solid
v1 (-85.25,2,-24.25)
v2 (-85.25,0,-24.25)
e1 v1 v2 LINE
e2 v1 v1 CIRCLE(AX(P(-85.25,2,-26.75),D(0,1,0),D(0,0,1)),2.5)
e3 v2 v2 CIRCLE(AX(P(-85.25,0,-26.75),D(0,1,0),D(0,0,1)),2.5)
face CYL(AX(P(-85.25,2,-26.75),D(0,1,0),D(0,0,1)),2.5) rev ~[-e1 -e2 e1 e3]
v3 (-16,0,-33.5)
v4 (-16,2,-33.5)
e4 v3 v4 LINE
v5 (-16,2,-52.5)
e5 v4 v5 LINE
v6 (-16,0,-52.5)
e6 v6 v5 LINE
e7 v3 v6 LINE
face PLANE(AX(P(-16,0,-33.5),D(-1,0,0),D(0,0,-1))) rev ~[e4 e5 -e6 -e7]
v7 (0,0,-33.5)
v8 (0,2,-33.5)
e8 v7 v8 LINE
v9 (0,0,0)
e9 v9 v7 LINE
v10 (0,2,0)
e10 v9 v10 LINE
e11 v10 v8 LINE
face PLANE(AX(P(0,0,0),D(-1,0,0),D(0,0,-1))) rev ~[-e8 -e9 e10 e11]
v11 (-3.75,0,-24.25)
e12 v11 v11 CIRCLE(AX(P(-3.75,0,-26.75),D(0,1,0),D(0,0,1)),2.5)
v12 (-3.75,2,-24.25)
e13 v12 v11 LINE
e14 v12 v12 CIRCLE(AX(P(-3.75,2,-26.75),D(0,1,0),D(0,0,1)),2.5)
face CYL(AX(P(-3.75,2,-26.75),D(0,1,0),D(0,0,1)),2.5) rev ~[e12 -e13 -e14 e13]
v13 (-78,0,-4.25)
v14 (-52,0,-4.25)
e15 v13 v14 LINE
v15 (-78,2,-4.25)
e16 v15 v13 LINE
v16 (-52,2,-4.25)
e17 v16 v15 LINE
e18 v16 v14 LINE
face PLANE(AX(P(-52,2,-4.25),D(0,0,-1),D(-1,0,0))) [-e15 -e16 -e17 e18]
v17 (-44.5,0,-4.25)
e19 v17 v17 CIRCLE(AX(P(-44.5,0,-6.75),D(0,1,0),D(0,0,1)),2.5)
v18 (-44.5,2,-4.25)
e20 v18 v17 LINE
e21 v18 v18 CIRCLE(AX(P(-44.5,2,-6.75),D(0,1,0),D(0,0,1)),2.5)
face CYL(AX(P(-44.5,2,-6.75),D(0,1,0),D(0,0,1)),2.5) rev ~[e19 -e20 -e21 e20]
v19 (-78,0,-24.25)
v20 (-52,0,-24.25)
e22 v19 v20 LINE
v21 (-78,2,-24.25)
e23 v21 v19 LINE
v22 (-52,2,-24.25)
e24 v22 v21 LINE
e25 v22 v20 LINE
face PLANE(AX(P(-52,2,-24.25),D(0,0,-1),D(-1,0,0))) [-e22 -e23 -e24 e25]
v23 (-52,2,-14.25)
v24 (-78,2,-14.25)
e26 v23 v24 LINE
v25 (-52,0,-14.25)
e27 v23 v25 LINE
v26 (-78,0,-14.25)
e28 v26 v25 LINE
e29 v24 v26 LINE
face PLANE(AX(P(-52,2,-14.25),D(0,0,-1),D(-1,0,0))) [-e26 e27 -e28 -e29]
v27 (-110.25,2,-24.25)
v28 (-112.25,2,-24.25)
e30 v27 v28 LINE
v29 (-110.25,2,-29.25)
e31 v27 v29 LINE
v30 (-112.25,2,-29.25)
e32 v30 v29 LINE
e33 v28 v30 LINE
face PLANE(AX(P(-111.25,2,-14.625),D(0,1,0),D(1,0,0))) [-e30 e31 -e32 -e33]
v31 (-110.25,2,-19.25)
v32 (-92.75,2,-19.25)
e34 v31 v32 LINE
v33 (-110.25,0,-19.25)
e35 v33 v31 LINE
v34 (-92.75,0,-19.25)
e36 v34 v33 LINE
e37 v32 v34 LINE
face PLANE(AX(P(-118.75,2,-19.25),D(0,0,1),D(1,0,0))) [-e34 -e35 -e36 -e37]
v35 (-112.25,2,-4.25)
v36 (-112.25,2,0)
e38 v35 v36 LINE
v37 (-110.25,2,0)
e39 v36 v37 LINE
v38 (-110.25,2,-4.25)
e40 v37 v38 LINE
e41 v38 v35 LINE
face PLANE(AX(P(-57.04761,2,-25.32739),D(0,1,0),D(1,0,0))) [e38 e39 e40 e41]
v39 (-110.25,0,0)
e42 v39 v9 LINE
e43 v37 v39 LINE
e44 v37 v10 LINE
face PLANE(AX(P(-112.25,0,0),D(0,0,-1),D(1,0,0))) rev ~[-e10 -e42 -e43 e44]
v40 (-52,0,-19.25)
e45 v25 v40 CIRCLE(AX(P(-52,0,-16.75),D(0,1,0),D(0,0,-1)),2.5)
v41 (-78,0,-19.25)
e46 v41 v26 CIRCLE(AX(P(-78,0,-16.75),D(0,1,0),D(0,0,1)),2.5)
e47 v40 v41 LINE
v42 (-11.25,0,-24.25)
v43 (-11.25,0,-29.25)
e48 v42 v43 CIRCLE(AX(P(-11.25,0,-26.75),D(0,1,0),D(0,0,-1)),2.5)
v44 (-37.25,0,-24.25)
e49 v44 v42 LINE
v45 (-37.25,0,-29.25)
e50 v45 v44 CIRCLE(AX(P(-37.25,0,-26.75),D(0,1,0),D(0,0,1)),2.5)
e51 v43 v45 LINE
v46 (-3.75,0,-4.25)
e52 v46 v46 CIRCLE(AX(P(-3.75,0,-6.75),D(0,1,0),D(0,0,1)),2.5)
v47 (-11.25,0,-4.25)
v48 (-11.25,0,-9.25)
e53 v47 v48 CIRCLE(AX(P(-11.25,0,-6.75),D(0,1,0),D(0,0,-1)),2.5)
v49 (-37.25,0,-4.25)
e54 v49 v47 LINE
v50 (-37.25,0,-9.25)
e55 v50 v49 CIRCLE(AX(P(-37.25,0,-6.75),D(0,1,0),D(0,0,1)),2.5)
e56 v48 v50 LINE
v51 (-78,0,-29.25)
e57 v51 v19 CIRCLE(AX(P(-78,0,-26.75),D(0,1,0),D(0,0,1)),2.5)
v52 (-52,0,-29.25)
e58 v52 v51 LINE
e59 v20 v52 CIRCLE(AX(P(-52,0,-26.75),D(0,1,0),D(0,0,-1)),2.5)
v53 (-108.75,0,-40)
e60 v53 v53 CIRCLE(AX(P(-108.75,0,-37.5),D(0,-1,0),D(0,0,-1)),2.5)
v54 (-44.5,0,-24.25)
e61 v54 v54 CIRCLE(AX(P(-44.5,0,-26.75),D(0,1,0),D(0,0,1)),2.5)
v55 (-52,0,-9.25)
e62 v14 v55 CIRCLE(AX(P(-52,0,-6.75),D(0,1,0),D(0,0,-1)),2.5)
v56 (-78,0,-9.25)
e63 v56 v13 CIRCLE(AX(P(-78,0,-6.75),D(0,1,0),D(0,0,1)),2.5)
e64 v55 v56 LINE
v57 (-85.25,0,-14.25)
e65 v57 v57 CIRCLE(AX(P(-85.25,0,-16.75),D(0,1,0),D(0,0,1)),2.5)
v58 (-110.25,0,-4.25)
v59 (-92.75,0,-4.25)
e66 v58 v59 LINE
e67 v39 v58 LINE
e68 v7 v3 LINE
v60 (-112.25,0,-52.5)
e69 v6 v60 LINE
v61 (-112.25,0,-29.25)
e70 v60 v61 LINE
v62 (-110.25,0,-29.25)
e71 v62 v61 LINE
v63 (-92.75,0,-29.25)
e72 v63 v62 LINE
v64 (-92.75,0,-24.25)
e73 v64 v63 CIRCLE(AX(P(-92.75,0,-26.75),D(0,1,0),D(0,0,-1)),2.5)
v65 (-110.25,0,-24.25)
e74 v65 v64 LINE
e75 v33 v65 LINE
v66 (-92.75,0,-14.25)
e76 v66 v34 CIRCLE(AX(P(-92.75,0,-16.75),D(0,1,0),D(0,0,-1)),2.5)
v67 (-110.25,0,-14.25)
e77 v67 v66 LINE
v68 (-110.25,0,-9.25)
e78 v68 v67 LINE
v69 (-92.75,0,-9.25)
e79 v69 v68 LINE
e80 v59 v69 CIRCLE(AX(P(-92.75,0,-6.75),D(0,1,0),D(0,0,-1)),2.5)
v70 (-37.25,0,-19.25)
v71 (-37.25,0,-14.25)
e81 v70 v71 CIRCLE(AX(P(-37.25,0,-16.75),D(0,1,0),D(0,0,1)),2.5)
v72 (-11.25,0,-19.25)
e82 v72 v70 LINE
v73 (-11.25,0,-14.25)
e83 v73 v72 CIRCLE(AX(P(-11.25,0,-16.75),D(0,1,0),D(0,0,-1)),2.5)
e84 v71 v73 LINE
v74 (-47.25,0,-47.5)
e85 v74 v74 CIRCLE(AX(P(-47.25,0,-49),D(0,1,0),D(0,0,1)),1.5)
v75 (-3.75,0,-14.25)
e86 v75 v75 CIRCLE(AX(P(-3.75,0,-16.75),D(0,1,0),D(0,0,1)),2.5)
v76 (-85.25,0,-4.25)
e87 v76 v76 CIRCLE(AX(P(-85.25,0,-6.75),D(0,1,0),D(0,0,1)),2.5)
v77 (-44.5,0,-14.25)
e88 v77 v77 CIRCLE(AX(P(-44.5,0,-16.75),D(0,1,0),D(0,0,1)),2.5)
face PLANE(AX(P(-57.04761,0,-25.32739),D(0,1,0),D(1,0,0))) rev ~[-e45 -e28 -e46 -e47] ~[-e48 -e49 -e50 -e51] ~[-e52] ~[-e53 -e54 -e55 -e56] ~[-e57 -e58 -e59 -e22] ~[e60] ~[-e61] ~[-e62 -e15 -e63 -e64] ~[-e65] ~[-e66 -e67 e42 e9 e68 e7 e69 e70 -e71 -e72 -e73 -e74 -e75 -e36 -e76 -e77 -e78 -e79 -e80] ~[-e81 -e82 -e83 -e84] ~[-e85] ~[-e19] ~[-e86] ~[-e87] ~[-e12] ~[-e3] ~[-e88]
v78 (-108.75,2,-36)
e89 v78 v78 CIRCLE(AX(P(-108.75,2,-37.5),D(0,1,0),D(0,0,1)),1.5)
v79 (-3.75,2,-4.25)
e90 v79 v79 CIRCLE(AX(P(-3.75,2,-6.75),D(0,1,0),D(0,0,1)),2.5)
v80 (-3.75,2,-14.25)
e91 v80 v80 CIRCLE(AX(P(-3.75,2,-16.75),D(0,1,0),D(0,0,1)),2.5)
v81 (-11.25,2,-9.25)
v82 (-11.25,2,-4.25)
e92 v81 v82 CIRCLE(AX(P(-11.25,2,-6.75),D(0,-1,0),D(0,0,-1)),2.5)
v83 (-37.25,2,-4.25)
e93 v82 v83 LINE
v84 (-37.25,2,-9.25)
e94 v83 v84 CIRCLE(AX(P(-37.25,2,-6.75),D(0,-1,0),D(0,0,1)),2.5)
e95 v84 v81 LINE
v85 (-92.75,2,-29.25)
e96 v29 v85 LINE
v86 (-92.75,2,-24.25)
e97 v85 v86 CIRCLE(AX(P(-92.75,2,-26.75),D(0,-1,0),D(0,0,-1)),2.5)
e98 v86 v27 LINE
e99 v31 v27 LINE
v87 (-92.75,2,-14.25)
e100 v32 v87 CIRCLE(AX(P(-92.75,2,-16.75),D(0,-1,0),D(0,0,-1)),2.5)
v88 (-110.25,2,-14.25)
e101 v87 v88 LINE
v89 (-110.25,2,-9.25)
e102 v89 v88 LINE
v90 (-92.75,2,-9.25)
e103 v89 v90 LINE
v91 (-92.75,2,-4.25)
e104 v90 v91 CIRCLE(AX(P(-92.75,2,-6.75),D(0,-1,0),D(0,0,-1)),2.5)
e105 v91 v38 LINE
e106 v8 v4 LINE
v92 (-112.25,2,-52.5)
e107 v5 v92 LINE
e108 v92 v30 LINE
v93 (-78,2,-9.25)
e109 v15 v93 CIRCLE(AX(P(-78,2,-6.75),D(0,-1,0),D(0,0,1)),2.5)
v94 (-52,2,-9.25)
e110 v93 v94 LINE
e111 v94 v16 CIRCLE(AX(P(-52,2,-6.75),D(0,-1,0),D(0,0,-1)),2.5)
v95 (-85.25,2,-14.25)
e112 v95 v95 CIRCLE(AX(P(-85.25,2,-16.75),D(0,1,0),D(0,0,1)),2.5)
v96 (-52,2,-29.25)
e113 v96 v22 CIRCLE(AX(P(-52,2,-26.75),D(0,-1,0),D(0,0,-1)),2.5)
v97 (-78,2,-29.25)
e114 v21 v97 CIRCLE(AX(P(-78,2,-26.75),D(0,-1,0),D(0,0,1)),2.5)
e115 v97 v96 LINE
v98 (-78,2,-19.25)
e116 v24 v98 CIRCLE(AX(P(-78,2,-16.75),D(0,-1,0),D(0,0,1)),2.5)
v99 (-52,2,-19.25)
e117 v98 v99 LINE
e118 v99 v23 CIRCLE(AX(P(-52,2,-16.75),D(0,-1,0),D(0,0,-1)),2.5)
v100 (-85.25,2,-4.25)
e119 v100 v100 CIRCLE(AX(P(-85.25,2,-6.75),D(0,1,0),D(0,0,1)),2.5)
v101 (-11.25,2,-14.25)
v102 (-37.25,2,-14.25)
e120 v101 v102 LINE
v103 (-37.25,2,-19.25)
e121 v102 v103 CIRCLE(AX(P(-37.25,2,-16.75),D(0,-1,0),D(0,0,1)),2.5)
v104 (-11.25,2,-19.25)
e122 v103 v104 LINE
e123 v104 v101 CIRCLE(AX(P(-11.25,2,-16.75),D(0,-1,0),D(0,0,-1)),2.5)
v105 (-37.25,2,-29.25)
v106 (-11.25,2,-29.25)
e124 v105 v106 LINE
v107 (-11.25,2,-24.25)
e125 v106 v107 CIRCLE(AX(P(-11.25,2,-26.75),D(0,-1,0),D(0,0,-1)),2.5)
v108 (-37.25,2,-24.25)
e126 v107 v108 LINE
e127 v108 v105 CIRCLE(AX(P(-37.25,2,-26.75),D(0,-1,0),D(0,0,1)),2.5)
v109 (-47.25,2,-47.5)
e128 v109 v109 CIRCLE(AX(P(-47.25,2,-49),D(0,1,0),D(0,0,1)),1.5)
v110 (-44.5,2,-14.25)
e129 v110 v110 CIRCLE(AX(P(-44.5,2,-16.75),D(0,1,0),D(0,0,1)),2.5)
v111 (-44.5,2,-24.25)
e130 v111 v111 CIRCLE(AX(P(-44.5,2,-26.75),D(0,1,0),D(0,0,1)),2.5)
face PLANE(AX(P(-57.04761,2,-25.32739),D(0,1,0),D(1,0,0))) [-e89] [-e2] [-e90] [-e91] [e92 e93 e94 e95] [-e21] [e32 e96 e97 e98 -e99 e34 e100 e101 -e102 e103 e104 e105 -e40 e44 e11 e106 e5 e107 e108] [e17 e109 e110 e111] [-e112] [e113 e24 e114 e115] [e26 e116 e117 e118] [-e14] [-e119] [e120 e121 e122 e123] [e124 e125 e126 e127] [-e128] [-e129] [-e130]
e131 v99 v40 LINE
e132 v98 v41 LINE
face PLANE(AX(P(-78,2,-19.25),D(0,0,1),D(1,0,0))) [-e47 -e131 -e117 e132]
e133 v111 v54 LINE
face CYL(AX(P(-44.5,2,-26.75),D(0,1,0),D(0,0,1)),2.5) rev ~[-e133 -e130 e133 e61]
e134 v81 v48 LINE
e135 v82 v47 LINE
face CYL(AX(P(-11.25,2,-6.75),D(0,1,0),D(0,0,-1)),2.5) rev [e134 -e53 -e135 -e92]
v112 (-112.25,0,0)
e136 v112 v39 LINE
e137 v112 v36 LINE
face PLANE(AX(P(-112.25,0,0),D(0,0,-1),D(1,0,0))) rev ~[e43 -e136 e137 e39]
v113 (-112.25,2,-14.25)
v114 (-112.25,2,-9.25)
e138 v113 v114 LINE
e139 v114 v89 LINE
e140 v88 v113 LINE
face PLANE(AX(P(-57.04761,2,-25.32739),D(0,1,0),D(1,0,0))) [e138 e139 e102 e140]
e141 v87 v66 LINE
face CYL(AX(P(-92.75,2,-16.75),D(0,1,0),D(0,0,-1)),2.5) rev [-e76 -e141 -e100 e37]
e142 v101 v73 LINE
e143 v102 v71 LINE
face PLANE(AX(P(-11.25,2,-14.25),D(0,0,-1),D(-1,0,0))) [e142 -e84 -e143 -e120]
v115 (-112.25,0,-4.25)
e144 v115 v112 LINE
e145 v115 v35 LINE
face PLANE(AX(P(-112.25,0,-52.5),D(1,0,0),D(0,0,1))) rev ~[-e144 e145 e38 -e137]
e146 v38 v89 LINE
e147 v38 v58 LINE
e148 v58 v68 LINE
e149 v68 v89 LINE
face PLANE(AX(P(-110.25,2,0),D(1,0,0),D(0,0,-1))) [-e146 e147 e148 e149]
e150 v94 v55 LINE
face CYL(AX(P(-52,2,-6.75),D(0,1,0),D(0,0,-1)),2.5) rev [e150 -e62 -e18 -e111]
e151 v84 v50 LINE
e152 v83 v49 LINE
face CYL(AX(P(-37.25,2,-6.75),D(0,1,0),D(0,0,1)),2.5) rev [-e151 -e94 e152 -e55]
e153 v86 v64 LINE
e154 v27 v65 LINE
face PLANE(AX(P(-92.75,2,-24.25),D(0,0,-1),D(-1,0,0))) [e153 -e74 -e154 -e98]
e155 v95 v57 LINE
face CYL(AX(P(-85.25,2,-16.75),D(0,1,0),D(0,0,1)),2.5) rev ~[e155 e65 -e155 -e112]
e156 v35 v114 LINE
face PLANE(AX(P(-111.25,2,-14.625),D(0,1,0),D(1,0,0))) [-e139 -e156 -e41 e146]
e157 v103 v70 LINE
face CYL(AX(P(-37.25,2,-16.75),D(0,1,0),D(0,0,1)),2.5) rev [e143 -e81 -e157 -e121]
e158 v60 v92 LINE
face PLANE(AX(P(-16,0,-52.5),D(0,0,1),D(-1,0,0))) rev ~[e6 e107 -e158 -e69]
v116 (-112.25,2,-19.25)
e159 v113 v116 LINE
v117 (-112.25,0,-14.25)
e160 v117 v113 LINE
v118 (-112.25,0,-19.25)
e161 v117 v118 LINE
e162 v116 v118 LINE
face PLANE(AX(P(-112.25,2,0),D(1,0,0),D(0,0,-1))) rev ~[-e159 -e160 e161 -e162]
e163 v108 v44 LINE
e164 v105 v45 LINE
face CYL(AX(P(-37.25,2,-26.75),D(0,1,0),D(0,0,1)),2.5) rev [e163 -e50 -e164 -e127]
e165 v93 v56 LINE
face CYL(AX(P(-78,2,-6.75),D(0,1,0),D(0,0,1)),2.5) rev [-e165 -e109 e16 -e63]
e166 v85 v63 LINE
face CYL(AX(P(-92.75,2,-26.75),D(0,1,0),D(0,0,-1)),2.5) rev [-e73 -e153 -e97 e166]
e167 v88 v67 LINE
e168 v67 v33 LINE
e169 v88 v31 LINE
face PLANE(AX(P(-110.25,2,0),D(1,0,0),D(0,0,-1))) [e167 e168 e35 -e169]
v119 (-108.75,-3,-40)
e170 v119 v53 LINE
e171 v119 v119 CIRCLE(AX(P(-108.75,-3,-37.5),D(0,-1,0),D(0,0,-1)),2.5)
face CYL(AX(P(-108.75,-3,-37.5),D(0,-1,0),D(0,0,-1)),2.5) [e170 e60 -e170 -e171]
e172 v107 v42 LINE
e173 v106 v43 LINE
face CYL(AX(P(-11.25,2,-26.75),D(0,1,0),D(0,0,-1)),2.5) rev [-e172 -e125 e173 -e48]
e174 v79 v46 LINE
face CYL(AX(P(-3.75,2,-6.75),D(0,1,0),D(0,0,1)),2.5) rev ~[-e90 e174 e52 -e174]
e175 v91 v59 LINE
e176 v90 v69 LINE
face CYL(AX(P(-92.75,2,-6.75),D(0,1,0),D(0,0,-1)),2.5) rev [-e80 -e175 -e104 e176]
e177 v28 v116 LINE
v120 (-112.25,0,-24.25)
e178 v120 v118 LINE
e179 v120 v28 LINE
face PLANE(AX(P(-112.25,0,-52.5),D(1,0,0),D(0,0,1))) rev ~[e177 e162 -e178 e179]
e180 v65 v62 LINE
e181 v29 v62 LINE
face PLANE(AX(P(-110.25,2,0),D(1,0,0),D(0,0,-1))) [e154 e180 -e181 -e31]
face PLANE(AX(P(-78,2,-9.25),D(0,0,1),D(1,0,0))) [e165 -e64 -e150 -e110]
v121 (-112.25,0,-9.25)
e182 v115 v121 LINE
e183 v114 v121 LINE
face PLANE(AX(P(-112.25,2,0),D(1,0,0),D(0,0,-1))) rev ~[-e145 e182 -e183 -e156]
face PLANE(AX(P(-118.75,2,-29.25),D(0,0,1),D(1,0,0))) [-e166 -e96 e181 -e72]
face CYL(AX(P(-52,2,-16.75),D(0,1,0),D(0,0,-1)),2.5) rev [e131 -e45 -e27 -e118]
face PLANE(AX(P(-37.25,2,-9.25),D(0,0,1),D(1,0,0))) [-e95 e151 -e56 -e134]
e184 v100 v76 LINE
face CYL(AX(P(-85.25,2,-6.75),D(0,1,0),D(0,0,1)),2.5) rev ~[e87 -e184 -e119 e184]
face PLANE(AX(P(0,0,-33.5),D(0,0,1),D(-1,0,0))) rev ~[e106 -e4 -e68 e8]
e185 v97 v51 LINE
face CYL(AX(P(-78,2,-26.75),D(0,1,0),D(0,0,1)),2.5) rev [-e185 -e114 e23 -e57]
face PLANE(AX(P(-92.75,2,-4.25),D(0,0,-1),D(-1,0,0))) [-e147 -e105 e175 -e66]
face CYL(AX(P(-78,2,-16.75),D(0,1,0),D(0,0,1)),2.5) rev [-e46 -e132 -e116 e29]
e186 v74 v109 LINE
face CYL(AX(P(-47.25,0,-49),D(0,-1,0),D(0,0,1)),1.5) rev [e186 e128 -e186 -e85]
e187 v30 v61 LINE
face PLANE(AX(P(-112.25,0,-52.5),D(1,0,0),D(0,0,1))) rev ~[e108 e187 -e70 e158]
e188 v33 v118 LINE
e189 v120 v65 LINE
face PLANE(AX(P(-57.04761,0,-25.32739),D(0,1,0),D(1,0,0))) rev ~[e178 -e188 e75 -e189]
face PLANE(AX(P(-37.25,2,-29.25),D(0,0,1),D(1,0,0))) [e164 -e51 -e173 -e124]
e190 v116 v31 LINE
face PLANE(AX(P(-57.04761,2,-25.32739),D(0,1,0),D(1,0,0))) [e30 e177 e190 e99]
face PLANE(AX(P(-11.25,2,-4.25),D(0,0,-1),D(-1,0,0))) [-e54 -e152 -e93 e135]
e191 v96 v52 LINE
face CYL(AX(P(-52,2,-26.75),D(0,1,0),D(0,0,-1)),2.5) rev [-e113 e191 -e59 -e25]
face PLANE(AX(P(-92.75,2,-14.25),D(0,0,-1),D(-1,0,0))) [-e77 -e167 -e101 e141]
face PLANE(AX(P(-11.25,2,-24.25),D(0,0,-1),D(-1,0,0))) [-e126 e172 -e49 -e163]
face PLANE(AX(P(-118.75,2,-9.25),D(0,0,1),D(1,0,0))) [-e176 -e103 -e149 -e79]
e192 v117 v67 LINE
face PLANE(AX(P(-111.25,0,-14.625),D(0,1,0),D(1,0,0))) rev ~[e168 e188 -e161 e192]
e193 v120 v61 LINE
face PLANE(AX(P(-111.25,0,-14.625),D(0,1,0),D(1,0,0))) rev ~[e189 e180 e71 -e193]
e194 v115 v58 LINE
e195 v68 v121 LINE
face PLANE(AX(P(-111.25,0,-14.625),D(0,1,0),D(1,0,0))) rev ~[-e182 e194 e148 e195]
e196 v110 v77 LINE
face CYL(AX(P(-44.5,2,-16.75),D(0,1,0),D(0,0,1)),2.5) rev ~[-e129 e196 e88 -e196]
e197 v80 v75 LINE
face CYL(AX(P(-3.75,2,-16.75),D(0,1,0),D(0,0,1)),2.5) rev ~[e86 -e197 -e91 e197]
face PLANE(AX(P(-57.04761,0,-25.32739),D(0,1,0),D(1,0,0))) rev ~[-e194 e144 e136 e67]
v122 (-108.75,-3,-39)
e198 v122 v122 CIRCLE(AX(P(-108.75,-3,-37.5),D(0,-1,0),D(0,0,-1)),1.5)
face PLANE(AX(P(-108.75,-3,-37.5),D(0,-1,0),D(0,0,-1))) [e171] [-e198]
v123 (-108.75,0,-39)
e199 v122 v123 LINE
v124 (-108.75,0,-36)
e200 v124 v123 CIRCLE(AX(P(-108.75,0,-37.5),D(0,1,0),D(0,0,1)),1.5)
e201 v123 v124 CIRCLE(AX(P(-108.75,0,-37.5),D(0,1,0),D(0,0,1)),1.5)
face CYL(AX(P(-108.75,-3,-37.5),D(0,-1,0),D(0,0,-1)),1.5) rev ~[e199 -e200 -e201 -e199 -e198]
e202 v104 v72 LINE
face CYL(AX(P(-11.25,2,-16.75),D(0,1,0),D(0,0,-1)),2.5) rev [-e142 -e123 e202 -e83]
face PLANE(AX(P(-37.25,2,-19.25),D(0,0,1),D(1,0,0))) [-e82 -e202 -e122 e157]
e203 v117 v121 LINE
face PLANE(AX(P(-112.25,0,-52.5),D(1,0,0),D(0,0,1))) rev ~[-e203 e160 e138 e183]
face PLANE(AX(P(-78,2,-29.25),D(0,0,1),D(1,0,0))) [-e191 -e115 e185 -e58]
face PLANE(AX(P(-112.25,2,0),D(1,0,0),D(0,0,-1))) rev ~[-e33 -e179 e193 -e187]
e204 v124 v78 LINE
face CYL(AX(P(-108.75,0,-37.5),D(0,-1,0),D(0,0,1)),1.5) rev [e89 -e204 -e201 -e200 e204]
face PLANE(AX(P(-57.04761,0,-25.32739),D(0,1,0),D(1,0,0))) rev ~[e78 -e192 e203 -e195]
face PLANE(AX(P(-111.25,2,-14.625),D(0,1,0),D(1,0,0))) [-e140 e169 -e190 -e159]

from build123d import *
from build123d.topology import SkipClean

# Parameters (mm, degrees)
SKETCH1_R            = 1.5
BOSS_EXTRUDE1_DEPTH  = 2
BOSS_EXTRUDE2_START  = 3
SKETCH2_R            = 2.5
SKETCH2_R_2          = 1.5
BOSS_EXTRUDE2_DEPTH  = 3
CUT_EXTRUDE1_REACH   = 126.021
SKETCH3_R            = 2.5
LPATTERN1_COUNT      = 3
LPATTERN1_PITCH      = 40.75
LPATTERN1_COUNT_DIR2 = 3
LPATTERN1_PITCH_DIR2 = 10
SKETCH4_W            = 2
SKETCH4_H            = 29.25
BOSS_EXTRUDE3_DEPTH  = 2


with BuildPart() as part:
    # Sketch1 → Boss-Extrude1 (new body)
    with BuildSketch(Plane(origin=(0, 0, 0), x_dir=(1, 0, 0), z_dir=(0, 1, 0))):
        Polygon((-112.25, 0), (0, 0), (0, 33.5), (-16, 33.5), (-16, 52.5), (-112.25, 52.5), align=None)
        with Locations(Location((-47.25, 49, 0), (0, 0, 270))):
            Circle(SKETCH1_R, mode=Mode.SUBTRACT)
        with Locations(Location((-108.75, 37.5, 0), (0, 0, 270))):
            Circle(SKETCH1_R, mode=Mode.SUBTRACT)
    extrude(amount=BOSS_EXTRUDE1_DEPTH)

    # Sketch2 → Boss-Extrude2 (add)
    with SkipClean():  # the faces are left unmerged after this step: merging them gives an invalid solid
        with BuildSketch(Plane(origin=(0, 0, 0), x_dir=(-1, 0, 0), z_dir=(0, -1, 0)).offset(BOSS_EXTRUDE2_START)):
            with Locations(Location((108.75, 37.5, 0), (0, 0, 90))):
                Circle(SKETCH2_R)
            with Locations(Location((108.75, 37.5, 0), (0, 0, 90))):
                Circle(SKETCH2_R_2, mode=Mode.SUBTRACT)
        extrude(amount=-BOSS_EXTRUDE2_DEPTH)

    # Sketch3 → Cut-Extrude1 (cut, up to next)
    with BuildSketch(Plane(origin=(0, 2, 0), x_dir=(1, 0, 0), z_dir=(0, 1, 0)), mode=Mode.PRIVATE) as cut_extrude1_sk1:
        with Locations(Location((-3.75, 26.75, 0), (0, 0, 270))):
            Circle(SKETCH3_R)
    cut_extrude1_tool1 = extrude(cut_extrude1_sk1.sketch, amount=-CUT_EXTRUDE1_REACH, mode=Mode.PRIVATE) & part.part
    # Sketch3 → Cut-Extrude1 (cut, up to next)
    with BuildSketch(Plane(origin=(0, 2, 0), x_dir=(1, 0, 0), z_dir=(0, 1, 0)), mode=Mode.PRIVATE) as cut_extrude1_sk2:
        with BuildLine():
            Line((-37.25, 29.25), (-11.25, 29.25))
            ThreePointArc((-11.25, 29.25), (-8.75, 26.75), (-11.25, 24.25))
            Line((-11.25, 24.25), (-37.25, 24.25))
            ThreePointArc((-37.25, 24.25), (-39.75, 26.75), (-37.25, 29.25))
        make_face()
    cut_extrude1_tool2 = extrude(cut_extrude1_sk2.sketch, amount=-CUT_EXTRUDE1_REACH, mode=Mode.PRIVATE) & part.part
    cut_extrude1_1 = cut_extrude1_tool1.solids().sort_by_distance((-3.75, 2, -26.75))[0]
    add(cut_extrude1_1, mode=Mode.SUBTRACT)
    cut_extrude1_2 = cut_extrude1_tool2.solids().sort_by_distance((-24.25, 2, -26.75))[0]
    add(cut_extrude1_2, mode=Mode.SUBTRACT)
    cut_extrude1 = cut_extrude1_1 + cut_extrude1_2  # Cut-Extrude1 as one shape, for the pattern or mirror that repeats it

    # LPattern1: Cut-Extrude1 3 × 3
    with SkipClean():  # the faces are left unmerged after this step: merging them gives an invalid solid
        with Locations(*[(-i * LPATTERN1_PITCH, 0, j * LPATTERN1_PITCH_DIR2) for i in range(LPATTERN1_COUNT) for j in range(LPATTERN1_COUNT_DIR2) if (i, j) != (0, 0)]):
            add(cut_extrude1, mode=Mode.SUBTRACT)

    # Sketch4 → Boss-Extrude3 (add)
    with SkipClean():  # the faces are left unmerged after this step: merging them gives an invalid solid
        with BuildSketch(Plane(origin=(0, 2, 0), x_dir=(1, 0, 0), z_dir=(0, 1, 0))):
            with Locations((-111.25, 14.625)):
                Rectangle(SKETCH4_W, SKETCH4_H)
        extrude(amount=-BOSS_EXTRUDE3_DEPTH)


solid = part.part
